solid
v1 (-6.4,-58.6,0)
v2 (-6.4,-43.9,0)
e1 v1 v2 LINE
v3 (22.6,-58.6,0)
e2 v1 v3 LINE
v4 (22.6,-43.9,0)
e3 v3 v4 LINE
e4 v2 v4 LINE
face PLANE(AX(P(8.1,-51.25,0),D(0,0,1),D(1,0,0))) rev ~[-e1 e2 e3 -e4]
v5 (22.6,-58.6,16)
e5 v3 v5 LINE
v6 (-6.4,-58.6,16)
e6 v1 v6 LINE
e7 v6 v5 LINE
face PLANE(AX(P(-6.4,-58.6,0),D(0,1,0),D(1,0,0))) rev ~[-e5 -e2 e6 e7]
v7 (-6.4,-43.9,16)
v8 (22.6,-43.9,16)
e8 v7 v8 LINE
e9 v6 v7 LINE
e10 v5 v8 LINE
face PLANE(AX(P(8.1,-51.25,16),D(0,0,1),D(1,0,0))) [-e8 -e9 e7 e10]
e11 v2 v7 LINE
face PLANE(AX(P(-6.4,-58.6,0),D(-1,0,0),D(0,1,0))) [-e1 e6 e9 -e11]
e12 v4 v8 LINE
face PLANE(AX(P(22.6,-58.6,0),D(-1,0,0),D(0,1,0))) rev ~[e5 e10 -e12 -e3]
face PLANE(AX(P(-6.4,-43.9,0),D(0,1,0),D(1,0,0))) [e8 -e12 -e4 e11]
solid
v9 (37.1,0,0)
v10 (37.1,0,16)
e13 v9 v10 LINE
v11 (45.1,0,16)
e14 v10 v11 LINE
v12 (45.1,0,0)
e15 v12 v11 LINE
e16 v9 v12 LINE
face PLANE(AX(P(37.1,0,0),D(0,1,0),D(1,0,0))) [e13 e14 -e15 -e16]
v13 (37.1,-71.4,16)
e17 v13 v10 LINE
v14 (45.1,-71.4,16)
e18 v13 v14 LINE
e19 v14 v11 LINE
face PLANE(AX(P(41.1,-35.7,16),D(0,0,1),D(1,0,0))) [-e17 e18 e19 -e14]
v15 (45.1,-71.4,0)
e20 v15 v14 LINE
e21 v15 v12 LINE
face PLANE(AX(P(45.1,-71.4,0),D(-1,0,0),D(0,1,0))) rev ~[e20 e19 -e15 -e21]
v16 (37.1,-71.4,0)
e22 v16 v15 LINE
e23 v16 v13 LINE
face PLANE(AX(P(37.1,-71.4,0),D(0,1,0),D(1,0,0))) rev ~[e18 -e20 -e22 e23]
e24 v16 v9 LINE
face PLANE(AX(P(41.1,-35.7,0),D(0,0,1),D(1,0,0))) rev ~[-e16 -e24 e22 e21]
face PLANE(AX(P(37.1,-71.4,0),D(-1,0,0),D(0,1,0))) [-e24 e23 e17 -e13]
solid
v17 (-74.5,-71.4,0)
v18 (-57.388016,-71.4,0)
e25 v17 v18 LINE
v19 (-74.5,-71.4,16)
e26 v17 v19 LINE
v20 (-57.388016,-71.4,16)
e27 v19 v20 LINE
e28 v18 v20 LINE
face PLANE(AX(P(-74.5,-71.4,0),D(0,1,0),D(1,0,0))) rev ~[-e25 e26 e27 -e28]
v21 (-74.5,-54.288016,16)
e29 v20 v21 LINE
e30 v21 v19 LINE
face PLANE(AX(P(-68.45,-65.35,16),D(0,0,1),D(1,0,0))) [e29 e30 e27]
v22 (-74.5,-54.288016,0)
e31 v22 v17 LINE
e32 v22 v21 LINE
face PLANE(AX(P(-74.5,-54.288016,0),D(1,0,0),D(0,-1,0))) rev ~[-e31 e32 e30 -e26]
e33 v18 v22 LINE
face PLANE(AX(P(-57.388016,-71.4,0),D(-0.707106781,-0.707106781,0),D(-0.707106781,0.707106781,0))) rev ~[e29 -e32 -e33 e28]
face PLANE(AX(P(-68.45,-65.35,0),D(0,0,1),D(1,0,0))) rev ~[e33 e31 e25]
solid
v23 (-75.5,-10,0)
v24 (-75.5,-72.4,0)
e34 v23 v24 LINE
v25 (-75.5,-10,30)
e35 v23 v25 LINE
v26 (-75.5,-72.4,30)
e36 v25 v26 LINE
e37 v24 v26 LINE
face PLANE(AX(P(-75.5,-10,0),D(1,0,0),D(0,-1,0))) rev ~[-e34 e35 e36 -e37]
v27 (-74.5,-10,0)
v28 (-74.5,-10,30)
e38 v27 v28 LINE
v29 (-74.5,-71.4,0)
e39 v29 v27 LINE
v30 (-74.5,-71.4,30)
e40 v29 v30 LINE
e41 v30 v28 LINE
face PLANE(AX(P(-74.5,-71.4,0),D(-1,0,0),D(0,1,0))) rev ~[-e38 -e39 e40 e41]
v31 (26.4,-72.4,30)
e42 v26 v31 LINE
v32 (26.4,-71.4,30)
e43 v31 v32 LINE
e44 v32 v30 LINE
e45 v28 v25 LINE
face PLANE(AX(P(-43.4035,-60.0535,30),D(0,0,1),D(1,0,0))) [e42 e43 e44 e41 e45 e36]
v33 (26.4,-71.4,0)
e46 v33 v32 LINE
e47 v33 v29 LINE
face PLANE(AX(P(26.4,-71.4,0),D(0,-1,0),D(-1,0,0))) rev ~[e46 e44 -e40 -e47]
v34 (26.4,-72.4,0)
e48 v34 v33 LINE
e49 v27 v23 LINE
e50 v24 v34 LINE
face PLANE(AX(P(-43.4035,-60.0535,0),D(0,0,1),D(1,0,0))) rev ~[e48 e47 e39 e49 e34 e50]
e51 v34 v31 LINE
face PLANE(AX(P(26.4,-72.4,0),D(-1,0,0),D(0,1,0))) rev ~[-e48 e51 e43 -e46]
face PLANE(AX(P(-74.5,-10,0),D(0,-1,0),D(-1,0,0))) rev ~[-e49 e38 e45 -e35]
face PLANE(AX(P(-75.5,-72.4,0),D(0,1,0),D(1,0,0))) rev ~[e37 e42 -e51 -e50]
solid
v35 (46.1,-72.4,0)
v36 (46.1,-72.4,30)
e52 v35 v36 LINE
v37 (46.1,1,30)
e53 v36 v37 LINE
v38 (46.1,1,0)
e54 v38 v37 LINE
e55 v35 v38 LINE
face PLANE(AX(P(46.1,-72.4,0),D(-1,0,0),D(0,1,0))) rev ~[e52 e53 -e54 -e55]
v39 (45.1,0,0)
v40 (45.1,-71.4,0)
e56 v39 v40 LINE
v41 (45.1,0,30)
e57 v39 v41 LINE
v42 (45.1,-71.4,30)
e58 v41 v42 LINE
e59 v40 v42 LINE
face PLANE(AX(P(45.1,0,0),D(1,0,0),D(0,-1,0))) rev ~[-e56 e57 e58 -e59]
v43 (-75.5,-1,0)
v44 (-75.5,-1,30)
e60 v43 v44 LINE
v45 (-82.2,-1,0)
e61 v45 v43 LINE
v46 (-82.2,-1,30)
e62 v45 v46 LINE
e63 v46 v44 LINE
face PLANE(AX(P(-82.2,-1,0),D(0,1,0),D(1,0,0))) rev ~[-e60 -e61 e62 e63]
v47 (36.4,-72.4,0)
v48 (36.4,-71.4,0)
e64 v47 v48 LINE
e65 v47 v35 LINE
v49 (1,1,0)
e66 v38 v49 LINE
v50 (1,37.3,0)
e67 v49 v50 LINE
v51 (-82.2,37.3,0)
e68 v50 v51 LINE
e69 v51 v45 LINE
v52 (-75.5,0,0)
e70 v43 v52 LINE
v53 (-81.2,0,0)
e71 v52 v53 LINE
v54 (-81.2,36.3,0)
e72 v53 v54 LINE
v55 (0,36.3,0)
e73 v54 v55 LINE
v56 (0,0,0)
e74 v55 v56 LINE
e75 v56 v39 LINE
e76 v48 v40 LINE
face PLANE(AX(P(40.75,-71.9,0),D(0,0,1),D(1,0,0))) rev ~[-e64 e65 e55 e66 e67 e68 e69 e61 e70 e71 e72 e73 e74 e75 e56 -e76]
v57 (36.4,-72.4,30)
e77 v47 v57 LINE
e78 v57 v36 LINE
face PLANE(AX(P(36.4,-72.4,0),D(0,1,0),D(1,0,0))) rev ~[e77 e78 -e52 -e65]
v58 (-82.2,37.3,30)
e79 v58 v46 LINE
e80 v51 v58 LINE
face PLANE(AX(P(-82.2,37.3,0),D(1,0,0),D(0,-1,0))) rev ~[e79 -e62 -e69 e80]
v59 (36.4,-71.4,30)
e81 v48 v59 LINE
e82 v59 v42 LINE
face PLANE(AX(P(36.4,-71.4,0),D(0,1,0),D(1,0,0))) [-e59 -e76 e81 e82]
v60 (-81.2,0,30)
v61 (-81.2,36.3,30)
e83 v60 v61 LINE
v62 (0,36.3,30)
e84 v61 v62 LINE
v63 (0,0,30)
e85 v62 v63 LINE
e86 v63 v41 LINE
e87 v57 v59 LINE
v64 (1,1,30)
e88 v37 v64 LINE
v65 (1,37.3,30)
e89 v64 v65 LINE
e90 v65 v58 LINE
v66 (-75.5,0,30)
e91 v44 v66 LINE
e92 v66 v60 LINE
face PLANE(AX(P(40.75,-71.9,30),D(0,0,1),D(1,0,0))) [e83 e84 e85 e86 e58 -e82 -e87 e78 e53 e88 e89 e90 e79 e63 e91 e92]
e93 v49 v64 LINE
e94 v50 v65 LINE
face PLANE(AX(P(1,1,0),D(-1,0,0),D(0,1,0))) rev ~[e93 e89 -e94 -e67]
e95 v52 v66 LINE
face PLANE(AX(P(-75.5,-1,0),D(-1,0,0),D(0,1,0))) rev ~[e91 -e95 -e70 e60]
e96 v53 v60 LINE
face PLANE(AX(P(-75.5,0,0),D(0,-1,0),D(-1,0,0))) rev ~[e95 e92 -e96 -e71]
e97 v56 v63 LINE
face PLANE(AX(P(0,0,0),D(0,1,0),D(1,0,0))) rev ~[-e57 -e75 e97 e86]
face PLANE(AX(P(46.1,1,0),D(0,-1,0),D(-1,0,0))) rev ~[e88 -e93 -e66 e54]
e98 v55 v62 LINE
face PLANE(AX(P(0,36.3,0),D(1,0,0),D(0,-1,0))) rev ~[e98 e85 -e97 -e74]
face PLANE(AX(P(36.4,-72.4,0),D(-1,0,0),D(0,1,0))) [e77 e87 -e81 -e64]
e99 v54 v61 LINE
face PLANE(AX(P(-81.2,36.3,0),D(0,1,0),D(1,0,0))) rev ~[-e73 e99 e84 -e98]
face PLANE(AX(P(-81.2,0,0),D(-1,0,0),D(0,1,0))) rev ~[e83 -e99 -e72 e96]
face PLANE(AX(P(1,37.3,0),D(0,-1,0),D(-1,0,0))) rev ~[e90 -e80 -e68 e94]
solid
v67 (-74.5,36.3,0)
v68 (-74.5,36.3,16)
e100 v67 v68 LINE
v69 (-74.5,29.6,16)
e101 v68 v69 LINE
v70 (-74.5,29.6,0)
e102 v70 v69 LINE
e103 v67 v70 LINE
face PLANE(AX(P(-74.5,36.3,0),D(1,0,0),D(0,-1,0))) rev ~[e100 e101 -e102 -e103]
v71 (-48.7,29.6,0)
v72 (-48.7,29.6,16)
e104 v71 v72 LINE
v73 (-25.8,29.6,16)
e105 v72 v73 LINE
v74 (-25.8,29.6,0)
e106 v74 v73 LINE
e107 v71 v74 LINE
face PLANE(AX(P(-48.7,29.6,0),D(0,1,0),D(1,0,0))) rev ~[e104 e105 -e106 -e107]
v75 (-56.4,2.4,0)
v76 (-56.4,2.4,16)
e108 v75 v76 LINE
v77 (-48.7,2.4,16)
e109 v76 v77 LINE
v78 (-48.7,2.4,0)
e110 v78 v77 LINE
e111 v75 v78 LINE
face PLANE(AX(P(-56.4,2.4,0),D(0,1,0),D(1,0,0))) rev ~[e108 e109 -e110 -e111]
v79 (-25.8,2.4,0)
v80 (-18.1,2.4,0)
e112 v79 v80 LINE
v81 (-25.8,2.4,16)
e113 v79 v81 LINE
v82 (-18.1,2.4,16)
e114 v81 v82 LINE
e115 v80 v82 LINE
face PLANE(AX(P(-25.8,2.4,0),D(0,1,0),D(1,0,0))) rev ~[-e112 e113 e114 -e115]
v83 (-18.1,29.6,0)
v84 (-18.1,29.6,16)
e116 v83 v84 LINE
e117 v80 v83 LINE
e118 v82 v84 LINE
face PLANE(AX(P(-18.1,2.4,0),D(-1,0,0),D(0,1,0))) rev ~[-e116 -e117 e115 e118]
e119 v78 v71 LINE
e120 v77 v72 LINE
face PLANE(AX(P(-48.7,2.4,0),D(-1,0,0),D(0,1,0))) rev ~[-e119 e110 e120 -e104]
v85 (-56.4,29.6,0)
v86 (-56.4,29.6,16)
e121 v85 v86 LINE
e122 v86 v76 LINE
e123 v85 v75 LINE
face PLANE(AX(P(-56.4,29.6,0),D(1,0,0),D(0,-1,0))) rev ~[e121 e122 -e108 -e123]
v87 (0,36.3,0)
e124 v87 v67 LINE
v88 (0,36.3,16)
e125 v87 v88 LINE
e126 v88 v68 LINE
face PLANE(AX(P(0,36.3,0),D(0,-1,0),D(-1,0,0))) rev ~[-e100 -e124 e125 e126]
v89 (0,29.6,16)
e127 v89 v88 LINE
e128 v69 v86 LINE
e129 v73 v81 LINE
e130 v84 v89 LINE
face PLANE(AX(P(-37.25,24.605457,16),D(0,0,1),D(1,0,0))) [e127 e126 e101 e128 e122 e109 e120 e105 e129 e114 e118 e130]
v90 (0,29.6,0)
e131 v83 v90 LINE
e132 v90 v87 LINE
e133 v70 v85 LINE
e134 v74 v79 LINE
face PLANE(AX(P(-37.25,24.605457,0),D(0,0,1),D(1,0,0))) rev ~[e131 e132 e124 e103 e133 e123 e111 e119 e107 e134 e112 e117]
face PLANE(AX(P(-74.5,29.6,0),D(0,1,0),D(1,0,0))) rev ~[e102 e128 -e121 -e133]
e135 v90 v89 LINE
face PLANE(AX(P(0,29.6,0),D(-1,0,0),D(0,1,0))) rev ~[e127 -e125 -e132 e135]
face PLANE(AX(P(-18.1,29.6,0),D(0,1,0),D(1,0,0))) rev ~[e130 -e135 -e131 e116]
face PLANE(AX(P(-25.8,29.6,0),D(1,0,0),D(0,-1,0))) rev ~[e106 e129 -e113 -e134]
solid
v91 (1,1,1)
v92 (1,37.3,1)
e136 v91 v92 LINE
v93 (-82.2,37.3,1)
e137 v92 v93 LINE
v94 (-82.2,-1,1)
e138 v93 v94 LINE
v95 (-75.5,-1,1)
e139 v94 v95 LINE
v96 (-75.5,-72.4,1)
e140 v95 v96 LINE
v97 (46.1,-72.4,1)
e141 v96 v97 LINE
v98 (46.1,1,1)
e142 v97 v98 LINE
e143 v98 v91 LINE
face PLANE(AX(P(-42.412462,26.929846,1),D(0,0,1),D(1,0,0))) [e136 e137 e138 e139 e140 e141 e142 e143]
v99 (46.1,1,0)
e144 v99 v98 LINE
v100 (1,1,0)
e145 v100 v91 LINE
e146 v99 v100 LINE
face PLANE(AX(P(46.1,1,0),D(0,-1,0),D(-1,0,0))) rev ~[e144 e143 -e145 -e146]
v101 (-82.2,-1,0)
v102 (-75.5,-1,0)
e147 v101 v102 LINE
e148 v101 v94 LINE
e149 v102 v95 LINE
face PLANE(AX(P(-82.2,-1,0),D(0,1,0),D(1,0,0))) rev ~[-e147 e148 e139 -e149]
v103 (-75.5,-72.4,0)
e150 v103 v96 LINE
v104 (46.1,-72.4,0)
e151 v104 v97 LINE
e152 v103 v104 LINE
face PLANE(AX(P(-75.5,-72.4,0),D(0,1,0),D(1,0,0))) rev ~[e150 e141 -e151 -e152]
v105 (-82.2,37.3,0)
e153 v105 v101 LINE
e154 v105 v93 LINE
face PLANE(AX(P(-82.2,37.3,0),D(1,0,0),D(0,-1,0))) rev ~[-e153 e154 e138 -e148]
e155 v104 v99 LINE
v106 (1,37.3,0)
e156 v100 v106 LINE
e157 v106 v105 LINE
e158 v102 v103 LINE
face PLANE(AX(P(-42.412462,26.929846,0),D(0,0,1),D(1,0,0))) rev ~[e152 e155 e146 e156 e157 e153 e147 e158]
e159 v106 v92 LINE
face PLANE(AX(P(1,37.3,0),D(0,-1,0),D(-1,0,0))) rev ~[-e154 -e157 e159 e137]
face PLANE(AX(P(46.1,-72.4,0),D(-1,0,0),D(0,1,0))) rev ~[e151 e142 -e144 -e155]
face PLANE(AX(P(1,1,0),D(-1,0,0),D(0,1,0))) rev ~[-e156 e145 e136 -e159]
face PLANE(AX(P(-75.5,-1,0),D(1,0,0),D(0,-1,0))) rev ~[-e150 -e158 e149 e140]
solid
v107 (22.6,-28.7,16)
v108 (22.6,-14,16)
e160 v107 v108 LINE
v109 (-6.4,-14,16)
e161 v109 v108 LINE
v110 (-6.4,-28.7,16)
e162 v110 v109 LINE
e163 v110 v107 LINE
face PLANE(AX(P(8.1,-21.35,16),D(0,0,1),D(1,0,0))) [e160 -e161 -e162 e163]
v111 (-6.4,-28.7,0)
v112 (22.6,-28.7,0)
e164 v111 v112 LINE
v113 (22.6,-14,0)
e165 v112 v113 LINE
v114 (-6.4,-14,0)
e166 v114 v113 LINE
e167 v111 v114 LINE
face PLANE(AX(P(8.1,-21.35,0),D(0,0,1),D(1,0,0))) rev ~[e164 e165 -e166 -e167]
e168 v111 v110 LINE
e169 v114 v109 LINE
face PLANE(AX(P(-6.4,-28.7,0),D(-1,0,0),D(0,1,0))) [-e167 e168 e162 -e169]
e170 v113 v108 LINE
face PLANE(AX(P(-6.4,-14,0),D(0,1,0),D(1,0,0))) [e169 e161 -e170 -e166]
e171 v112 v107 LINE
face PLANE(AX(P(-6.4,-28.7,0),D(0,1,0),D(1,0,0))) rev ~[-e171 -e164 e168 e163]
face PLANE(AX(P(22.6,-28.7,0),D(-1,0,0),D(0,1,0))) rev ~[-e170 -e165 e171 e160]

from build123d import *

# Parameters (mm, degrees)
F2_DEPTH = 16
F1_W     = 29
F1_H     = 14.7
F1_W_2   = 8
F1_H_2   = 71.4
F0_W     = 1
F0_H     = 1
F0_H_2   = 9
F0_W_2   = 10
F0_W_3   = 8.7
F3_DEPTH = 1
F4_DEPTH = 30


with BuildPart() as f2:
    # F1 (on face) → F2 (new body)
    with BuildSketch(Plane.XY):
        Polygon((-74.5, 29.6), (-56.4, 29.6), (-56.4, 2.4), (-48.7, 2.4), (-48.7, 29.6), (-25.8, 29.6), (-25.8, 2.4), (-18.1, 2.4), (-18.1, 29.6), (0, 29.6), (0, 36.3), (-74.5, 36.3), align=None)
    extrude(amount=F2_DEPTH)


with BuildPart() as f2b:
    # F1 (on face) → F2, piece 2 (new body)
    with BuildSketch(Plane.XY):
        Polygon((-74.5, -54.2880158953), (-74.5, -71.4), (-57.3880158953, -71.4), align=None)
    extrude(amount=F2_DEPTH)


with BuildPart() as f2c:
    # F1 (on face) → F2, piece 3 (new body)
    with BuildSketch(Plane.XY):
        with Locations((8.1, -21.35)):
            Rectangle(F1_W, F1_H)
    extrude(amount=F2_DEPTH)


with BuildPart() as f2d:
    # F1 (on face) → F2, piece 4 (new body)
    with BuildSketch(Plane.XY):
        with Locations((8.1, -51.25)):
            Rectangle(F1_W, F1_H)
    extrude(amount=F2_DEPTH)


with BuildPart() as f2e:
    # F1 (on face) → F2, piece 5 (new body)
    with BuildSketch(Plane.XY):
        with Locations((41.1, -35.7)):
            Rectangle(F1_W_2, F1_H_2)
    extrude(amount=F2_DEPTH)


with BuildPart() as f3:
    # F0 (on Top) → F3 (new body)
    with BuildSketch(Plane.XY):
        Polygon((-81.2, 36.3), (-74.5, 36.3), (0, 36.3), (0, 1), (1, 1), (1, 37.3), (-82.2, 37.3), (-82.2, -1), (-75.5, -1), (-75.5, 0), (-81.2, 0), align=None)
        with Locations((-75, -0.5)):
            Rectangle(F0_W, F0_H)
        with Locations((0.5, 0.5)):
            Rectangle(F0_W, F0_H)
        with Locations((-75, -5.5)):
            Rectangle(F0_W, F0_H_2)
        Polygon((46.1, 1), (1, 1), (1, 0), (45.1, 0), (45.1, -71.4), (45.1, -72.4), (46.1, -72.4), align=None)
        Polygon((26.4, -71.4), (0, -71.4), (-74.5, -71.4), (-74.5, -10), (-75.5, -10), (-75.5, -72.4), (26.4, -72.4), align=None)
        with Locations((31.4, -71.9)):
            Rectangle(F0_W_2, F0_H)
        with Locations((40.75, -71.9)):
            Rectangle(F0_W_3, F0_H)
        Polygon((0, 0), (-74.5, 0), (-74.5, -1), (-74.5, -10), (-74.5, -71.4), (0, -71.4), align=None)
        Polygon((0, 36.3), (-74.5, 36.3), (-74.5, 0), (0, 0), (0, 1), align=None)
        Polygon((-74.5, 0), (-74.5, 36.3), (-81.2, 36.3), (-81.2, 0), (-75.5, 0), align=None)
        Polygon((1, 0), (0, 0), (0, -71.4), (26.4, -71.4), (36.4, -71.4), (45.1, -71.4), (45.1, 0), align=None)
    extrude(amount=F3_DEPTH)


with BuildPart() as f4:
    # F0 (on Top) → F4 (new body)
    with BuildSketch(Plane.XY):
        Polygon((26.4, -71.4), (0, -71.4), (-74.5, -71.4), (-74.5, -10), (-75.5, -10), (-75.5, -72.4), (26.4, -72.4), align=None)
    extrude(amount=F4_DEPTH)


with BuildPart() as f4b:
    # F0 (on Top) → F4, piece 2 (new body)
    with BuildSketch(Plane.XY):
        with Locations((40.75, -71.9)):
            Rectangle(F0_W_3, F0_H)
        Polygon((46.1, 1), (1, 1), (1, 0), (45.1, 0), (45.1, -71.4), (45.1, -72.4), (46.1, -72.4), align=None)
        with Locations((0.5, 0.5)):
            Rectangle(F0_W, F0_H)
        Polygon((-81.2, 36.3), (-74.5, 36.3), (0, 36.3), (0, 1), (1, 1), (1, 37.3), (-82.2, 37.3), (-82.2, -1), (-75.5, -1), (-75.5, 0), (-81.2, 0), align=None)
    extrude(amount=F4_DEPTH)


solid = Compound([f2.part, f2b.part, f2c.part, f2d.part, f2e.part, f3.part, f4.part, f4b.part])
